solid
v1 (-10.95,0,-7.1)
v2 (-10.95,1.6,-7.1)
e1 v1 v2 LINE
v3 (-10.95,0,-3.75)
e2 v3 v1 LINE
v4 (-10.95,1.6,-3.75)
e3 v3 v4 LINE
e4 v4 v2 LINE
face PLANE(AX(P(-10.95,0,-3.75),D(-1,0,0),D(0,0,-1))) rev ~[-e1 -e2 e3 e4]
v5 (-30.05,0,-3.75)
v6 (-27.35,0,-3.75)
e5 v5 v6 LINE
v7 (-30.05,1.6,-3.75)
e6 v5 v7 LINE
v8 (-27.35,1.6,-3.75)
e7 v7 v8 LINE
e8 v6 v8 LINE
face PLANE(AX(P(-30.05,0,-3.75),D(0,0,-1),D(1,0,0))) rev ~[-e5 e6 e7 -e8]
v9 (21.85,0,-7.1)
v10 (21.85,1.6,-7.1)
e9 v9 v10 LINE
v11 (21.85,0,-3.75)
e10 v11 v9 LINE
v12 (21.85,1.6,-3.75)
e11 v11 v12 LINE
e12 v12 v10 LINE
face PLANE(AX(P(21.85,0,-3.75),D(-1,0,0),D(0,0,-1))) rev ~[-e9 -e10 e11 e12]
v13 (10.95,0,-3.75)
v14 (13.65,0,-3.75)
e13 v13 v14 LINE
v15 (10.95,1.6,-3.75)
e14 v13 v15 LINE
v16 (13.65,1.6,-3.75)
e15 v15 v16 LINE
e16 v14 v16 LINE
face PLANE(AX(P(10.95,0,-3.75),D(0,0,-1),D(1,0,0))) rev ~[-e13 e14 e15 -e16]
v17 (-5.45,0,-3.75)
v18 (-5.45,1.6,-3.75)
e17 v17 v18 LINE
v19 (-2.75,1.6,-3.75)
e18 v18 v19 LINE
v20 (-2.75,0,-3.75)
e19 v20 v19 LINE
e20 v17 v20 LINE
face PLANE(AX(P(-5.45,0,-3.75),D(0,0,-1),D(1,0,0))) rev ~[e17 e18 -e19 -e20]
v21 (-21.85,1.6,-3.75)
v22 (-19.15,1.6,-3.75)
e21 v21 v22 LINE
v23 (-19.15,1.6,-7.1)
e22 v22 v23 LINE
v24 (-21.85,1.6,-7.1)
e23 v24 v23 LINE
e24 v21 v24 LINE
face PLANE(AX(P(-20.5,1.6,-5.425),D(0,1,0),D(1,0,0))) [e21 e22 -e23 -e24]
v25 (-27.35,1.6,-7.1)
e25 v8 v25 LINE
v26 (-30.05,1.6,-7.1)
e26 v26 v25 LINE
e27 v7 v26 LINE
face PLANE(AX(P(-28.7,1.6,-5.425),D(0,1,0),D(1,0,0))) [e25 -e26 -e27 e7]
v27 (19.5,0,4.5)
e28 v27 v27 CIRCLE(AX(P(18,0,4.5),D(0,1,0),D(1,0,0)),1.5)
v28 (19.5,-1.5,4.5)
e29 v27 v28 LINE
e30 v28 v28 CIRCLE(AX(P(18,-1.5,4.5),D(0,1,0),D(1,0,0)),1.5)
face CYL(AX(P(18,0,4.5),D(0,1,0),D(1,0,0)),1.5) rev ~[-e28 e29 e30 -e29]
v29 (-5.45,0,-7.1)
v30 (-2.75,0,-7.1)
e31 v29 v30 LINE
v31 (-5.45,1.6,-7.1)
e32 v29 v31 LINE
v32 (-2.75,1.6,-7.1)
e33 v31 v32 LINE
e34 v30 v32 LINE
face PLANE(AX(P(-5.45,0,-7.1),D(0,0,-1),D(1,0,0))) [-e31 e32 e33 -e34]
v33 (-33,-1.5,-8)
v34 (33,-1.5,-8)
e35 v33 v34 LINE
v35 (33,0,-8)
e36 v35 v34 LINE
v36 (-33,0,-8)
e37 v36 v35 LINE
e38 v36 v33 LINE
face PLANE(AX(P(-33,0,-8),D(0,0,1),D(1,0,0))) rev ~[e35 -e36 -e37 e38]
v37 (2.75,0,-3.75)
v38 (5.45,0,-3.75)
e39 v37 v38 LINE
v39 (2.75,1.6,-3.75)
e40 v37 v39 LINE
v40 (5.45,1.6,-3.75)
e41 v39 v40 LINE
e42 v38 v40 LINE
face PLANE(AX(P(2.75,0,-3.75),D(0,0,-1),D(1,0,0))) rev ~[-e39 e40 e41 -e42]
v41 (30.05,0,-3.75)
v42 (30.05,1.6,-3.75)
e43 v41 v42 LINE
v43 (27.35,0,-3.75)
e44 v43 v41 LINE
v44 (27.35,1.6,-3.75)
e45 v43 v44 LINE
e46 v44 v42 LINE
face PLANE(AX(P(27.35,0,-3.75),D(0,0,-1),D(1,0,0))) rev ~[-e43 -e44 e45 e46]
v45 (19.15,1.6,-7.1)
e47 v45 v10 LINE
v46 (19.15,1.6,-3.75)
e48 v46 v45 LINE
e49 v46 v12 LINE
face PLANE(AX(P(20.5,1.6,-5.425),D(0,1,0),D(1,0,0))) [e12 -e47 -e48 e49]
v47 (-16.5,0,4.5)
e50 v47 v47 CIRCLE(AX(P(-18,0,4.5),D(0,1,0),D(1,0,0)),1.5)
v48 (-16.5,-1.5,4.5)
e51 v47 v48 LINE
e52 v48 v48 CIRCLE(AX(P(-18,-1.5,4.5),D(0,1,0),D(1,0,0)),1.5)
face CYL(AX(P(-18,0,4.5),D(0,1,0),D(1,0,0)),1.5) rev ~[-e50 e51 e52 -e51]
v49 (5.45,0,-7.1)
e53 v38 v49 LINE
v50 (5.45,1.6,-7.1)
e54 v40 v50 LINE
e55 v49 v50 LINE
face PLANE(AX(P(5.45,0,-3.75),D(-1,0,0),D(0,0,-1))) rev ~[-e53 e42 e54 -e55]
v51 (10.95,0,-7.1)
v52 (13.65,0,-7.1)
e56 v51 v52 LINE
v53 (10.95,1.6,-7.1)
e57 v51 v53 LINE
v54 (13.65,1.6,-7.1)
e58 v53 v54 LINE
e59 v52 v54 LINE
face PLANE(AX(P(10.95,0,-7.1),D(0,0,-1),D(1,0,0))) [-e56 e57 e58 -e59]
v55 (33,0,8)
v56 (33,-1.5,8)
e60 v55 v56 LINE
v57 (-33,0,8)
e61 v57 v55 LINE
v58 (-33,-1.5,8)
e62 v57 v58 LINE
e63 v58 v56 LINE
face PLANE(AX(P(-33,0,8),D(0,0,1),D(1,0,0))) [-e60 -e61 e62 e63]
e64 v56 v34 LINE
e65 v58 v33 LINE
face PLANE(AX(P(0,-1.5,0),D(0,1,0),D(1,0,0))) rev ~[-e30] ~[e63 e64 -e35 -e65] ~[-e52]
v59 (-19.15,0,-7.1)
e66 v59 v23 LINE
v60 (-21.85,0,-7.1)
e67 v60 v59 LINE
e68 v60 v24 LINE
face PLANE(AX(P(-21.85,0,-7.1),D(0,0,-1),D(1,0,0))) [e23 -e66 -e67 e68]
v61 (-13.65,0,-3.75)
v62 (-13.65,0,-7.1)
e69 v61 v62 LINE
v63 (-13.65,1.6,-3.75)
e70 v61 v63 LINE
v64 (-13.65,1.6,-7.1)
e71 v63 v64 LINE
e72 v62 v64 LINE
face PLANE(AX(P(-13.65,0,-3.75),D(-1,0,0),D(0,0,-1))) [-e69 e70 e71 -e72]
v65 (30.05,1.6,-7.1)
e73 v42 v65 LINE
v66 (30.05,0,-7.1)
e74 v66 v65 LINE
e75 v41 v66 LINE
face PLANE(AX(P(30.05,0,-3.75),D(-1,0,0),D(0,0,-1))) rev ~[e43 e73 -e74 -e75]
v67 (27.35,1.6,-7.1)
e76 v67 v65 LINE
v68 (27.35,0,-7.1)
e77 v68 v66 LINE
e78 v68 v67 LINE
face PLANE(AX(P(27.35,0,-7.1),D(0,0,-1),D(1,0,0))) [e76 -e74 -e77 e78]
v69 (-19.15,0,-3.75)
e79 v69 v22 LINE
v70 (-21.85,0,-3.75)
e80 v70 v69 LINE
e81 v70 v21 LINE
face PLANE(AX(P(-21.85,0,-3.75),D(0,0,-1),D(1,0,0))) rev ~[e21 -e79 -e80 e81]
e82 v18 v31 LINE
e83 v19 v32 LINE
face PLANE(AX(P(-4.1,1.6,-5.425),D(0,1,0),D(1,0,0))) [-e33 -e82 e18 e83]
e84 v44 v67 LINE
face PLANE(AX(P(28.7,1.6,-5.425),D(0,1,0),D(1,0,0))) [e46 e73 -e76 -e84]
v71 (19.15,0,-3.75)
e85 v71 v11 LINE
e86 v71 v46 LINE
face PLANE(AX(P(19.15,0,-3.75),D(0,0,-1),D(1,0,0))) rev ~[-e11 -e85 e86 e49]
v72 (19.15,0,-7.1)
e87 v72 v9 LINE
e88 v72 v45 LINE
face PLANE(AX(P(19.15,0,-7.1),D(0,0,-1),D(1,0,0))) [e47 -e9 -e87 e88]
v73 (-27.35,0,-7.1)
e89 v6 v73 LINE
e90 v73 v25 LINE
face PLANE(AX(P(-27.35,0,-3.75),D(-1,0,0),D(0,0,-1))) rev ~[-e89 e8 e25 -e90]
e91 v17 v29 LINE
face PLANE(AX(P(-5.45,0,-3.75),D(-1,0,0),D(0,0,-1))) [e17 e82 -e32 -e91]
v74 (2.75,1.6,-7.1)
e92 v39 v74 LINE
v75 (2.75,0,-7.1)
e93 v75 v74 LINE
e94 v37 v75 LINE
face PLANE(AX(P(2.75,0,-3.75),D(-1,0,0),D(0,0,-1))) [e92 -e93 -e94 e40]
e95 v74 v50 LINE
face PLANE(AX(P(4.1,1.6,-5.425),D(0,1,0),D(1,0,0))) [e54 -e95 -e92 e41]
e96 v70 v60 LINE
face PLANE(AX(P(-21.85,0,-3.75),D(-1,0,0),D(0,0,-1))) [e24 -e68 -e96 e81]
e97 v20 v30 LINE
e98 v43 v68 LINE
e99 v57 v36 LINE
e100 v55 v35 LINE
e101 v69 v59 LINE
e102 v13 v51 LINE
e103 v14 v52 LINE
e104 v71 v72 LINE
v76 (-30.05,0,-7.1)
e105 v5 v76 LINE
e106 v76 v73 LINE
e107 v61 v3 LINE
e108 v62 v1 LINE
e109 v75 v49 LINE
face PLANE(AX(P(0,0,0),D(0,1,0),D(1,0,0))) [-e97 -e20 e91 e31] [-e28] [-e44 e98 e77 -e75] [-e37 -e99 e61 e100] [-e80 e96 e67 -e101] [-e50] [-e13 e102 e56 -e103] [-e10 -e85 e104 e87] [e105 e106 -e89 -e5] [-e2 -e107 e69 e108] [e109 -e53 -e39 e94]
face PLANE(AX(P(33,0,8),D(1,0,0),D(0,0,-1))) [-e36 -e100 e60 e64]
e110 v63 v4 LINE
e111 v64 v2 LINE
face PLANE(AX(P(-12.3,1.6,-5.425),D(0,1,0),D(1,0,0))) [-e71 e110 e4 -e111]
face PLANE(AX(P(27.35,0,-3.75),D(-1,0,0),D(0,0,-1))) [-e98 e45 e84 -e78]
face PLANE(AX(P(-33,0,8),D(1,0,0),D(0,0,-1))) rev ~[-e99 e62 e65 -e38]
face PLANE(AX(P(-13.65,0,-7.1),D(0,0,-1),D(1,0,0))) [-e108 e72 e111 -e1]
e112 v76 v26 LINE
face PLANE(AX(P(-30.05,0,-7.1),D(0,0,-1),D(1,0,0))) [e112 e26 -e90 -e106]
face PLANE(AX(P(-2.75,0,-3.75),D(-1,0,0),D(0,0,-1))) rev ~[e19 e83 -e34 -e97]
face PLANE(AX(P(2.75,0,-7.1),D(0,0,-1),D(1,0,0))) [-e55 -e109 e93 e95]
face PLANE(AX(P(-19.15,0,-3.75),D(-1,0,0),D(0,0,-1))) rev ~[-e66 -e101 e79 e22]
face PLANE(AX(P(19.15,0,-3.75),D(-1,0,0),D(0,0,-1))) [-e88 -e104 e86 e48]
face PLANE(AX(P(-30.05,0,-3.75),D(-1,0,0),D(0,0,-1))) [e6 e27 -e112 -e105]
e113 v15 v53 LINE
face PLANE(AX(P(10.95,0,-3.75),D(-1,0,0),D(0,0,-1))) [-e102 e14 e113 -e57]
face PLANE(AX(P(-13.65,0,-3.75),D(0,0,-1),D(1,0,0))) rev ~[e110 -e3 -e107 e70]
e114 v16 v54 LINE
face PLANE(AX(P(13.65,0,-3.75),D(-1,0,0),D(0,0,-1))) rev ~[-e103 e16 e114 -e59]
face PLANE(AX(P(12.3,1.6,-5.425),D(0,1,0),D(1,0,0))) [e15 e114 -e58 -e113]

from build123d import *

# Parameters (mm, degrees)
SKETCH1_W           = 66
SKETCH1_H           = 16
SKETCH1_R           = 1.5
BOSS_EXTRUDE1_DEPTH = 1.5
SKETCH4_W           = 2.7
SKETCH4_H           = 3.35
BOSS_EXTRUDE4_DEPTH = 1.6


with BuildPart() as part:
    # Sketch1 → Boss-Extrude1 (new body)
    with BuildSketch(Plane(origin=(0, 0, 0), x_dir=(1, 0, 0), z_dir=(0, 1, 0))):
        Rectangle(SKETCH1_W, SKETCH1_H)
        with Locations((-18, -4.5)):
            Circle(SKETCH1_R, mode=Mode.SUBTRACT)
        with Locations((18, -4.5)):
            Circle(SKETCH1_R, mode=Mode.SUBTRACT)
    extrude(amount=-BOSS_EXTRUDE1_DEPTH)

    # Sketch4 → Boss-Extrude4 (add)
    with BuildSketch(Plane(origin=(0, 0, 0), x_dir=(1, 0, 0), z_dir=(0, 1, 0))):
        with Locations((-4.1, 5.425)):
            Rectangle(SKETCH4_W, SKETCH4_H)
        with Locations((4.1, 5.425)):
            Rectangle(SKETCH4_W, SKETCH4_H)
        with Locations((12.3, 5.425)):
            Rectangle(SKETCH4_W, SKETCH4_H)
        with Locations((20.5, 5.425)):
            Rectangle(SKETCH4_W, SKETCH4_H)
        with Locations((28.7, 5.425)):
            Rectangle(SKETCH4_W, SKETCH4_H)
        with Locations((-12.3, 5.425)):
            Rectangle(SKETCH4_W, SKETCH4_H)
        with Locations((-28.7, 5.425)):
            Rectangle(SKETCH4_W, SKETCH4_H)
        with Locations((-20.5, 5.425)):
            Rectangle(SKETCH4_W, SKETCH4_H)
    extrude(amount=BOSS_EXTRUDE4_DEPTH)


solid = part.part
